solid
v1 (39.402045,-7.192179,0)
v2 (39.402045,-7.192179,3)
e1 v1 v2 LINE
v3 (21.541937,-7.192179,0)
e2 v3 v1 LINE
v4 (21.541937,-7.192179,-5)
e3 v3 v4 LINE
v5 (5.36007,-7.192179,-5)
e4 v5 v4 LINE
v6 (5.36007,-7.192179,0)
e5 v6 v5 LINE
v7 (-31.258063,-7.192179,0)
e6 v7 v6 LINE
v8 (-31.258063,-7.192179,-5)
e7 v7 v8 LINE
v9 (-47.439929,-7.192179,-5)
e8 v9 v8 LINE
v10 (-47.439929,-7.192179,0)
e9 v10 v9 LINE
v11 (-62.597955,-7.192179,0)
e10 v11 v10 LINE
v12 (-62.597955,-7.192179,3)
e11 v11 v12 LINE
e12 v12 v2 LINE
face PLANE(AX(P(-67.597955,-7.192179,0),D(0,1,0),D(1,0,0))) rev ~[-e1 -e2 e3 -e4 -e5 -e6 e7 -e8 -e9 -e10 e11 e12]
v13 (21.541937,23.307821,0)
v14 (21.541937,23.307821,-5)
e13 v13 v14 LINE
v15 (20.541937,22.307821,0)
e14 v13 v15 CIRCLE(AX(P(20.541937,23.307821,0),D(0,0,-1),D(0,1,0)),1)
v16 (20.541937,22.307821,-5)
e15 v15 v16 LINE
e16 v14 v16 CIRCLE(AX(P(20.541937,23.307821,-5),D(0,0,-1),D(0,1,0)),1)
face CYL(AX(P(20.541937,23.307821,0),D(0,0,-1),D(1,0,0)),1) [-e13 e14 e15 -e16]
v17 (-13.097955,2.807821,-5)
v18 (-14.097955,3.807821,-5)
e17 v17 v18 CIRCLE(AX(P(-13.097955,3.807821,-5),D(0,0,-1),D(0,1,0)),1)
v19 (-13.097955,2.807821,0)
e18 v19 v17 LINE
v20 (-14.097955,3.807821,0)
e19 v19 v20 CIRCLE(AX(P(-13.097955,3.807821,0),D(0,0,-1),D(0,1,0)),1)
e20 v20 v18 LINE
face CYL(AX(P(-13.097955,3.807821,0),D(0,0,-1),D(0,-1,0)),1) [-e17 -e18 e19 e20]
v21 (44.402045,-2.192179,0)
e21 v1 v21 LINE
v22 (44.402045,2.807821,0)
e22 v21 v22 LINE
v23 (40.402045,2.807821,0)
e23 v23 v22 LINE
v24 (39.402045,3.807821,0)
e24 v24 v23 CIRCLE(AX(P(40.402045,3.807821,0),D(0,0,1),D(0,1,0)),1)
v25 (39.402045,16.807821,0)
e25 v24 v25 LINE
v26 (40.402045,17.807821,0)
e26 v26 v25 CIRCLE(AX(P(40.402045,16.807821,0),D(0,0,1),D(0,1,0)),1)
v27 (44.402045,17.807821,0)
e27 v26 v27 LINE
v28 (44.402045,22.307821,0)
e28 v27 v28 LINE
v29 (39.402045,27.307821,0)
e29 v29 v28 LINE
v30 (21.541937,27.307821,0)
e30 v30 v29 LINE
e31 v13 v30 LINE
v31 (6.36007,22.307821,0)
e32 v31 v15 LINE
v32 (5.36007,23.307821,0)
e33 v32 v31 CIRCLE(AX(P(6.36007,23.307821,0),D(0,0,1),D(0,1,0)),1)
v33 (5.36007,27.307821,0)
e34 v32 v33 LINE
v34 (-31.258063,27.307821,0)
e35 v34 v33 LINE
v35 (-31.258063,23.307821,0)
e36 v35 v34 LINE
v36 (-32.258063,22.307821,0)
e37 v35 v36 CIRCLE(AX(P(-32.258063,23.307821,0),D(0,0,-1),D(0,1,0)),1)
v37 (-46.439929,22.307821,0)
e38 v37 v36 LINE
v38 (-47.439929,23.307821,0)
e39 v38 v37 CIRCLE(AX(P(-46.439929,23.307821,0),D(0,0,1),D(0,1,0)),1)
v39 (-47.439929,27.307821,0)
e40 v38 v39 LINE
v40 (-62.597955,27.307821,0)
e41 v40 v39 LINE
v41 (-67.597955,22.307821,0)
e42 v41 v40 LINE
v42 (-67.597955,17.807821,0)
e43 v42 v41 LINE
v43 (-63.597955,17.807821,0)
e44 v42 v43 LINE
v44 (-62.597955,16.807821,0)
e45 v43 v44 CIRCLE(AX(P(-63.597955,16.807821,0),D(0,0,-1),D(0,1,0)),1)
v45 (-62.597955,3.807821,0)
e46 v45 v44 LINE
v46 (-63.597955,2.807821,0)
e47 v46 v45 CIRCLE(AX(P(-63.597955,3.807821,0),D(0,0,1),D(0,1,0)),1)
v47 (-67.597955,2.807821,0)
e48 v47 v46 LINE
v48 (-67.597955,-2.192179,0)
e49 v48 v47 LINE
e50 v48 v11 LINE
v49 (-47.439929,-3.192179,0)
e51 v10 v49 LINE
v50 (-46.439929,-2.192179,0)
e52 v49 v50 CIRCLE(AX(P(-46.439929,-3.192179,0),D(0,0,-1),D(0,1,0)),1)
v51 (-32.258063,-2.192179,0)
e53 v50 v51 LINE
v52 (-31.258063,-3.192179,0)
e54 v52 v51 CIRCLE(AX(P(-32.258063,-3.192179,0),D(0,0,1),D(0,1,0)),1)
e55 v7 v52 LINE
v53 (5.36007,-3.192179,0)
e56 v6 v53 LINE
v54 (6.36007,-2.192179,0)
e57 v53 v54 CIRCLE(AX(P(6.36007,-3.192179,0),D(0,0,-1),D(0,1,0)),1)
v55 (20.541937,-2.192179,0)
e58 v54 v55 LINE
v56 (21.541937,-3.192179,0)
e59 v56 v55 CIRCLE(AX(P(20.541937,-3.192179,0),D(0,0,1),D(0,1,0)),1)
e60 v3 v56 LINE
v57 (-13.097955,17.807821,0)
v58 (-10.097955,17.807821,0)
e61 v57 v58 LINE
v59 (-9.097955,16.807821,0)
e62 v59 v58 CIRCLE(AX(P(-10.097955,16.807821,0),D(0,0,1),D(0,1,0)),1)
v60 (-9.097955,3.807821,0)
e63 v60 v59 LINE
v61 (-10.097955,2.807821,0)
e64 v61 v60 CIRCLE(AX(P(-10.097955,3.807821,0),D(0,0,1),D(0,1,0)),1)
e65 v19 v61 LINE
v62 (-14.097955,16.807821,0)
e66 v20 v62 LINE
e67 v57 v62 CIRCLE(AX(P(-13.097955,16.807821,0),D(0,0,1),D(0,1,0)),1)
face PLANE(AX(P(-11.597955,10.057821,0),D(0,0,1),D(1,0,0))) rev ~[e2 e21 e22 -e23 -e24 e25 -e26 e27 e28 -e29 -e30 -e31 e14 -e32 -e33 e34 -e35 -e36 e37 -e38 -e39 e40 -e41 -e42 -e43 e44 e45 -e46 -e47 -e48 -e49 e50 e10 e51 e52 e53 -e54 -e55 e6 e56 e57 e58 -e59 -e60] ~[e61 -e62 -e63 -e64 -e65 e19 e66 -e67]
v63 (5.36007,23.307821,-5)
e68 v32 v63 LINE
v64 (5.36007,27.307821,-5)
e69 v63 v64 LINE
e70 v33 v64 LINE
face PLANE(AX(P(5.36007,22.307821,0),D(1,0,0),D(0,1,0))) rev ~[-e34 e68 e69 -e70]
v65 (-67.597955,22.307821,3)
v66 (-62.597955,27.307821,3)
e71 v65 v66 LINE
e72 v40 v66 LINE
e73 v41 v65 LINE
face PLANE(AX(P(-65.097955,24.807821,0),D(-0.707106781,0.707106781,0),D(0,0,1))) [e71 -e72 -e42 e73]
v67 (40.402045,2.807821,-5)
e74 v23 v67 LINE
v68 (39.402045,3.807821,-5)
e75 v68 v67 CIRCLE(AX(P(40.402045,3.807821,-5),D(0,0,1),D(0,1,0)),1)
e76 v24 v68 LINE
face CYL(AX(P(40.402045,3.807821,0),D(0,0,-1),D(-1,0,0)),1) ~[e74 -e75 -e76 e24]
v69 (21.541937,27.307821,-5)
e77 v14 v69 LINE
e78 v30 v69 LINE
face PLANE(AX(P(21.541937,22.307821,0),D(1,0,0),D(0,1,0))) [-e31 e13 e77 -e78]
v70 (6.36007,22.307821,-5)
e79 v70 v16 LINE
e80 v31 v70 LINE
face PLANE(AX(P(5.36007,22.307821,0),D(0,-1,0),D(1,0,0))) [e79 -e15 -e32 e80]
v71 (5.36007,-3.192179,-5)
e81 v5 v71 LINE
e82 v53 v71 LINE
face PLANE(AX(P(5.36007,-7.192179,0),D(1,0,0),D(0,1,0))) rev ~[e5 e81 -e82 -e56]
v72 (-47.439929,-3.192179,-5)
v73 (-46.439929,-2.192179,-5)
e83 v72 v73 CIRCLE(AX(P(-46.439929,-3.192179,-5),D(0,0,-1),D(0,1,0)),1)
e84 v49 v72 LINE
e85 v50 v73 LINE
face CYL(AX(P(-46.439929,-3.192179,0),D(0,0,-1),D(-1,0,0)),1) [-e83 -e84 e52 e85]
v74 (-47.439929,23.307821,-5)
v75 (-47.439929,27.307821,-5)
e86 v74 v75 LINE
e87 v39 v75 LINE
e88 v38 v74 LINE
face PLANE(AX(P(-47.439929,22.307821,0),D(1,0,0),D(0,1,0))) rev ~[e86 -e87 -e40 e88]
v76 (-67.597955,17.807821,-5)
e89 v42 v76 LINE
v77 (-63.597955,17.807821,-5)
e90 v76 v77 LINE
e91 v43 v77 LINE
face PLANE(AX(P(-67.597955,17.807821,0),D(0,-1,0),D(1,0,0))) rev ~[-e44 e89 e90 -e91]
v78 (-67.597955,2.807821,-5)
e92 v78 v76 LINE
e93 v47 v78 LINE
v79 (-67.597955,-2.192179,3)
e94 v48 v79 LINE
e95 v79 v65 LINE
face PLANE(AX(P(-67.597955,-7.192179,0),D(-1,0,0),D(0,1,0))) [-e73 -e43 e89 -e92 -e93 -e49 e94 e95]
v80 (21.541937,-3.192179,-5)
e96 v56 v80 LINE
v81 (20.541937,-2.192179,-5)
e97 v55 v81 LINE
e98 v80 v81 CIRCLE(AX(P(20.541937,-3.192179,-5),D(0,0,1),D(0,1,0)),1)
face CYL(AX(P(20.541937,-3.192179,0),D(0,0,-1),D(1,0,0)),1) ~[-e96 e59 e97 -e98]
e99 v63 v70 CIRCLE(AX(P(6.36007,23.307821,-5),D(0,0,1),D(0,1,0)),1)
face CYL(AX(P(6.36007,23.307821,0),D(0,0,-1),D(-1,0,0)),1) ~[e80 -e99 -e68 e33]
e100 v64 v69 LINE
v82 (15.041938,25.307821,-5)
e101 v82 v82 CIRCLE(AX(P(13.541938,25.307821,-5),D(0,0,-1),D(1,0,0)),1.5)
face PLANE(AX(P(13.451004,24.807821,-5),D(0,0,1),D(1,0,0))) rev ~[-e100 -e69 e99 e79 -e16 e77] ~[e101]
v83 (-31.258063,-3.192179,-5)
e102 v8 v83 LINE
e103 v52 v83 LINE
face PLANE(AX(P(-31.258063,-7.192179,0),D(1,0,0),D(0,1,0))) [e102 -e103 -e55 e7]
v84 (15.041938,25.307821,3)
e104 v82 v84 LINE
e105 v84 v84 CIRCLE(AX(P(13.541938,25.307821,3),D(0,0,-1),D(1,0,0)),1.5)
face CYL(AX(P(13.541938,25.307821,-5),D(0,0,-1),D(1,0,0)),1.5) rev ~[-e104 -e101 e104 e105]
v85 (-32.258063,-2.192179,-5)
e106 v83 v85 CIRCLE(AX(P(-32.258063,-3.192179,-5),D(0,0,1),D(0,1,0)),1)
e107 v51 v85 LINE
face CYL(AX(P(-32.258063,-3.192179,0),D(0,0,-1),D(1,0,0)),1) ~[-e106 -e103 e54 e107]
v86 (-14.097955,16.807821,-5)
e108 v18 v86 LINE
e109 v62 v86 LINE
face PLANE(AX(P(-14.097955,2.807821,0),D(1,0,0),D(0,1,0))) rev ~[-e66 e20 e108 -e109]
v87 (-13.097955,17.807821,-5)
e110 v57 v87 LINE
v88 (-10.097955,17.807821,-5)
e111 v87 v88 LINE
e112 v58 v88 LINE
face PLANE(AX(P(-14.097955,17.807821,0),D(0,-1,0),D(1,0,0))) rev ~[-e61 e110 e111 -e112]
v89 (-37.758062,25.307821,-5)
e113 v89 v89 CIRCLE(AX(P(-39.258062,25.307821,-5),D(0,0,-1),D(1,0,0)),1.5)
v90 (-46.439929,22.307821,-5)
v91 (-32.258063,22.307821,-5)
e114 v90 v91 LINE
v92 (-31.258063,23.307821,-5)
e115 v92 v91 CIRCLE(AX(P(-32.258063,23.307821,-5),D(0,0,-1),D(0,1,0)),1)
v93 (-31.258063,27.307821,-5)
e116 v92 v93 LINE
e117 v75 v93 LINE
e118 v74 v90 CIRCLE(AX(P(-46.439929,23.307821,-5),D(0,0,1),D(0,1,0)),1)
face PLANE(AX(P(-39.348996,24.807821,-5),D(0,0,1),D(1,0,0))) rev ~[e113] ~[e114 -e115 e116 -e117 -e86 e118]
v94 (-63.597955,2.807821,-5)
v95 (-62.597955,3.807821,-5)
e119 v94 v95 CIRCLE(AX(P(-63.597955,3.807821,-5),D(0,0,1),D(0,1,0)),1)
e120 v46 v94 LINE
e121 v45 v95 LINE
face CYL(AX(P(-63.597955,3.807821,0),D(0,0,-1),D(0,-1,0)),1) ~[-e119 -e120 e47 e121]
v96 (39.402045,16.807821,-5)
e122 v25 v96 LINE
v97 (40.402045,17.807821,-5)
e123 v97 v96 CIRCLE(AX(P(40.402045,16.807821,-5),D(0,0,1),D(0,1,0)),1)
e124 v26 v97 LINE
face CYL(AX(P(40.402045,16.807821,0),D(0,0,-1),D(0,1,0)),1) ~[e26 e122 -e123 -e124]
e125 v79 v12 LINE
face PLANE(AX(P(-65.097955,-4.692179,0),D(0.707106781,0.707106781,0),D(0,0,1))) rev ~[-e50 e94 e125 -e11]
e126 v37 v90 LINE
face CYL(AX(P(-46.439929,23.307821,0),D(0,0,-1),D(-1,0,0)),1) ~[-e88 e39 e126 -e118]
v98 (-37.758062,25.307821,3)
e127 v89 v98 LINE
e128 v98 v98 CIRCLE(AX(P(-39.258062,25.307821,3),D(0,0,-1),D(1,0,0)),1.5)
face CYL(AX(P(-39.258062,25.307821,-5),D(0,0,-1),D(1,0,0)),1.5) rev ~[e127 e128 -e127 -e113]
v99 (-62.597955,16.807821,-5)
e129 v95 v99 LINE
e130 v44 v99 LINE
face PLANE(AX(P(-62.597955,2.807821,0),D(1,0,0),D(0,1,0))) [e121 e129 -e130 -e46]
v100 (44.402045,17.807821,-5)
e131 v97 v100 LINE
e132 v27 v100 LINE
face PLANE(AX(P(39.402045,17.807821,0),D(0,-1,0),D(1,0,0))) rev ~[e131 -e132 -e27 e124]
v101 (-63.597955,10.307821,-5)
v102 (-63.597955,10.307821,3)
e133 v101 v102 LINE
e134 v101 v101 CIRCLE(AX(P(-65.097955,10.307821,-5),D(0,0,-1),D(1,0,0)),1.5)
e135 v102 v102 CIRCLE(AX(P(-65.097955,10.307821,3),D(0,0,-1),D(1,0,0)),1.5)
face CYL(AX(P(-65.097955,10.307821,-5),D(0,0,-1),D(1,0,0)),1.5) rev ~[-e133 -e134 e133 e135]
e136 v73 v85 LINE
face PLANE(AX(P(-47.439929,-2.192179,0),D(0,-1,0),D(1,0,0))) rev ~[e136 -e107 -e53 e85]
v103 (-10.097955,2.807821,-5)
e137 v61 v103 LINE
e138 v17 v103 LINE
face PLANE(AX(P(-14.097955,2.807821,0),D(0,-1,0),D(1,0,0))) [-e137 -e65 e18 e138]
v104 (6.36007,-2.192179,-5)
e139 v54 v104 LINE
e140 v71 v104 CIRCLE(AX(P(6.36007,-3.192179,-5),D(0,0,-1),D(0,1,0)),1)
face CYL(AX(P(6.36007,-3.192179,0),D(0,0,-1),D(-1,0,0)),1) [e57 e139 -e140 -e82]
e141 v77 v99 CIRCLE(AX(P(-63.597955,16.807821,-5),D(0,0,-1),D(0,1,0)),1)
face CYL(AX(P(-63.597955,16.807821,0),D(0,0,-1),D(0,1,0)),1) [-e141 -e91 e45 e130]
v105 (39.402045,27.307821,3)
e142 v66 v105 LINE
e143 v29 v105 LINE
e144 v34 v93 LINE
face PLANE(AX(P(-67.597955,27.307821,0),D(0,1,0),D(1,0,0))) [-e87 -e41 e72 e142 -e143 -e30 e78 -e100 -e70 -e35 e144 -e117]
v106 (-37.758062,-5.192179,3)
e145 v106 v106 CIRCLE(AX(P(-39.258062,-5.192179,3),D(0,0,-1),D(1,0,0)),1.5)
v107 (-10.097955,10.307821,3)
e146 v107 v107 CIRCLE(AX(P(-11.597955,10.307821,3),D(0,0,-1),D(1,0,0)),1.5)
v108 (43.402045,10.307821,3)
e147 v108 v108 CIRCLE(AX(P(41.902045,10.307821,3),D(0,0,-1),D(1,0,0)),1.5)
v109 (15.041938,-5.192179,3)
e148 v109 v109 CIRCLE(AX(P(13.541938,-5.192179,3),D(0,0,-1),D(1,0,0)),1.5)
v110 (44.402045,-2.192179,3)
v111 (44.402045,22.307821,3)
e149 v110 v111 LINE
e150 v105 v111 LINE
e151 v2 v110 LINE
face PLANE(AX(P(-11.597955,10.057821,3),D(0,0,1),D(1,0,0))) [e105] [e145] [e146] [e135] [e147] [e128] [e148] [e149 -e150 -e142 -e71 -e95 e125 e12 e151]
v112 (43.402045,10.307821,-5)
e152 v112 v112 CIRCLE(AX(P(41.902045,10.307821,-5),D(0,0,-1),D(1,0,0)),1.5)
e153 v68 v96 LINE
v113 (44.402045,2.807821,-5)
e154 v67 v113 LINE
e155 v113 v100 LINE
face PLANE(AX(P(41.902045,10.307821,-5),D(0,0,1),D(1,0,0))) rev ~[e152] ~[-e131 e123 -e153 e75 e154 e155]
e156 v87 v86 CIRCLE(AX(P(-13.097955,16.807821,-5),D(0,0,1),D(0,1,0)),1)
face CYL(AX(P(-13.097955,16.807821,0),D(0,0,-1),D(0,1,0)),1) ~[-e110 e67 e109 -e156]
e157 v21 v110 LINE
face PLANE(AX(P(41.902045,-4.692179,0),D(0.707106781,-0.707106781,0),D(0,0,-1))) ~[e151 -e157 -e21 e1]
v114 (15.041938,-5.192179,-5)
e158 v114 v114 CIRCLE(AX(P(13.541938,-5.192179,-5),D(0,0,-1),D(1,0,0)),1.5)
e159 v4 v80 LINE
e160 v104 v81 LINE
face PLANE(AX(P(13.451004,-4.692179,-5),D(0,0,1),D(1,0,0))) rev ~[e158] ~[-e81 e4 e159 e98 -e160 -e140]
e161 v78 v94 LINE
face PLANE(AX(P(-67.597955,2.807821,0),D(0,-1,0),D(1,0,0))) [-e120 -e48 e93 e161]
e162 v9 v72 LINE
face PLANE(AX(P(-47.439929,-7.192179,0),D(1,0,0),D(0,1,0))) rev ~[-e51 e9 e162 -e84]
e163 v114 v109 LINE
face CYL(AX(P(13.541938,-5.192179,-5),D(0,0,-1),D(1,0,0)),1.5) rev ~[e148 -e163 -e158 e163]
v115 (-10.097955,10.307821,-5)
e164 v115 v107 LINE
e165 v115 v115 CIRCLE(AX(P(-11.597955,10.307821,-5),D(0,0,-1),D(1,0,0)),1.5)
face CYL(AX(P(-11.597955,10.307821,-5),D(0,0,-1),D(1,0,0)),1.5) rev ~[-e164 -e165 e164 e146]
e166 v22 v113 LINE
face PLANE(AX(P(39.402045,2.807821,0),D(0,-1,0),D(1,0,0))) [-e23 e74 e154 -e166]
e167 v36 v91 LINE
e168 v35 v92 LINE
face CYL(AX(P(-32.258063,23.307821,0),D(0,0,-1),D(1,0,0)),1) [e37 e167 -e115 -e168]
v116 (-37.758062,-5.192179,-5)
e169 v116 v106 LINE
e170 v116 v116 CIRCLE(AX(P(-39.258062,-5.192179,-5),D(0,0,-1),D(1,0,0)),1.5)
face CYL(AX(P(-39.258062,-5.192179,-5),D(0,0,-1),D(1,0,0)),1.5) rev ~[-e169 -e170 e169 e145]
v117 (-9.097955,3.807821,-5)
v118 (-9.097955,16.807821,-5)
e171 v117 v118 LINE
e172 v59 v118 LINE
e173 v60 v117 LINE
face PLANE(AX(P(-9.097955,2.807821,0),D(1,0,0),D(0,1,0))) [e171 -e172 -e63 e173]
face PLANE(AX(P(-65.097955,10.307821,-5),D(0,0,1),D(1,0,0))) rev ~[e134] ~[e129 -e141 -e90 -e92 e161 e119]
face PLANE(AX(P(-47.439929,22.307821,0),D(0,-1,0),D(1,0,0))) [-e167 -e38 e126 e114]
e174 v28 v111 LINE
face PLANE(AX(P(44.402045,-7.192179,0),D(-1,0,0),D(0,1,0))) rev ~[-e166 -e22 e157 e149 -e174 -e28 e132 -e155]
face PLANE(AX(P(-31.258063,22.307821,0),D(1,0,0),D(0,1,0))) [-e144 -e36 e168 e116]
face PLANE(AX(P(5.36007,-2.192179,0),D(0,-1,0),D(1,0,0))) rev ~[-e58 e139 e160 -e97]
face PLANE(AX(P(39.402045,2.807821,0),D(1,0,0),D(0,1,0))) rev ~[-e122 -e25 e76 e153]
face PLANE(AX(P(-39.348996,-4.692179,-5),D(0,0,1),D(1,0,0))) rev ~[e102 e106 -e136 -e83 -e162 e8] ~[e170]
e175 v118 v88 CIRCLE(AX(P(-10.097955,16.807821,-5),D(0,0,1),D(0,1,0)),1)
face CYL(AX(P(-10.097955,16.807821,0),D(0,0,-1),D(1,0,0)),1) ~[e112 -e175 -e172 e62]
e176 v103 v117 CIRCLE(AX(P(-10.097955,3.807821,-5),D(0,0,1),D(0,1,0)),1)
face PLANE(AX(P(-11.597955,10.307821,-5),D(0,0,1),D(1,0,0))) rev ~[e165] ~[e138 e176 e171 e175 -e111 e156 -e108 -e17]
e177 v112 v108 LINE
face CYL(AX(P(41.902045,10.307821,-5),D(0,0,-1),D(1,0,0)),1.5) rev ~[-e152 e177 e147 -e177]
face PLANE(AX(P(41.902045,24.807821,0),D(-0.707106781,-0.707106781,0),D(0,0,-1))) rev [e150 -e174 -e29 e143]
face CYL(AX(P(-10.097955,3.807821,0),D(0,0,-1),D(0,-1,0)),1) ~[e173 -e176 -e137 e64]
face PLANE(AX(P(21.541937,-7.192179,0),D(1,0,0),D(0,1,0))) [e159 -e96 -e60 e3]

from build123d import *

# Parameters (mm, degrees)
F1_W     = 112
F1_H     = 34.5
F2_DEPTH = 3
F0_W     = 5
F0_H     = 15
F0_W_2   = 16.181867
F0_H_2   = 5
F3_DEPTH = 5
F4_R     = 1.5
F5_DEPTH = 25
F6_R     = 1
F7_SIZE  = 5


with BuildPart() as f2:
    # F1 (on Top) → F2 (new body)
    with BuildSketch(Plane.XY):
        with Locations((-11.597955, 10.057821)):
            Rectangle(F1_W, F1_H)
    extrude(amount=F2_DEPTH)

    # F0 (on Top) → F3 (join)
    with BuildSketch(Plane.XY):
        with Locations((-65.097955, 10.307821)):
            Rectangle(F0_W, F0_H)
        with Locations((-11.597955, 10.307821)):
            Rectangle(F0_W, F0_H)
        with Locations((41.902045, 10.307821)):
            Rectangle(F0_W, F0_H)
        with Locations((-39.348996, 24.807821)):
            Rectangle(F0_W_2, F0_H_2)
        with Locations((-39.348996, -4.692179)):
            Rectangle(F0_W_2, F0_H_2)
        with Locations((13.451004, 24.807821)):
            Rectangle(F0_W_2, F0_H_2)
        with Locations((13.451004, -4.692179)):
            Rectangle(F0_W_2, F0_H_2)
    extrude(amount=-F3_DEPTH)

    # F4 (on face) → F5 (cut)
    with BuildSketch(Plane(origin=(0, 0, -5), x_dir=(1, 0, 0), z_dir=(0, 0, -1))):
        with Locations((-65.097955, -10.307821)):
            Circle(F4_R)
        with Locations((-11.597955, -10.307821)):
            Circle(F4_R)
        with Locations((41.902045, -10.307821)):
            Circle(F4_R)
        with Locations((-39.258062, 5.192179)):
            Circle(F4_R)
        with Locations((13.541938, 5.192179)):
            Circle(F4_R)
        with Locations((13.541938, -25.307821)):
            Circle(F4_R)
        with Locations((-39.258062, -25.307821)):
            Circle(F4_R)
    extrude(amount=-F5_DEPTH, mode=Mode.SUBTRACT)

    # F6
    f6_edges = [f2.edges().sort_by_distance(p)[0] for p in [
        (-62.597955, 2.807821, -2.5),
        (-62.597955, 17.807821, -2.5),
        (-47.439929, -2.192179, -2.5),
        (-31.258062, -2.192179, -2.5),
        (-47.439929, 22.307821, -2.5),
        (-31.258062, 22.307821, -2.5),
        (-14.097955, 17.807821, -2.5),
        (-14.097955, 2.807821, -2.5),
        (5.360071, -2.192179, -2.5),
        (21.541938, -2.192179, -2.5),
        (39.402045, 2.807821, -2.5),
        (-9.097955, 2.807821, -2.5),
        (-9.097955, 17.807821, -2.5),
        (39.402045, 17.807821, -2.5),
        (21.541938, 22.307821, -2.5),
        (5.360071, 22.307821, -2.5),
    ]]
    fillet(f6_edges, radius=F6_R)

    # F7
    f7_edges = [f2.edges().sort_by_distance(p)[0] for p in [
        (-67.597955, 27.307821, 1.5),
        (44.402045, 27.307821, 1.5),
        (44.402045, -7.192179, 1.5),
        (-67.597955, -7.192179, 1.5),
    ]]
    chamfer(f7_edges, length=F7_SIZE)


solid = f2.part
